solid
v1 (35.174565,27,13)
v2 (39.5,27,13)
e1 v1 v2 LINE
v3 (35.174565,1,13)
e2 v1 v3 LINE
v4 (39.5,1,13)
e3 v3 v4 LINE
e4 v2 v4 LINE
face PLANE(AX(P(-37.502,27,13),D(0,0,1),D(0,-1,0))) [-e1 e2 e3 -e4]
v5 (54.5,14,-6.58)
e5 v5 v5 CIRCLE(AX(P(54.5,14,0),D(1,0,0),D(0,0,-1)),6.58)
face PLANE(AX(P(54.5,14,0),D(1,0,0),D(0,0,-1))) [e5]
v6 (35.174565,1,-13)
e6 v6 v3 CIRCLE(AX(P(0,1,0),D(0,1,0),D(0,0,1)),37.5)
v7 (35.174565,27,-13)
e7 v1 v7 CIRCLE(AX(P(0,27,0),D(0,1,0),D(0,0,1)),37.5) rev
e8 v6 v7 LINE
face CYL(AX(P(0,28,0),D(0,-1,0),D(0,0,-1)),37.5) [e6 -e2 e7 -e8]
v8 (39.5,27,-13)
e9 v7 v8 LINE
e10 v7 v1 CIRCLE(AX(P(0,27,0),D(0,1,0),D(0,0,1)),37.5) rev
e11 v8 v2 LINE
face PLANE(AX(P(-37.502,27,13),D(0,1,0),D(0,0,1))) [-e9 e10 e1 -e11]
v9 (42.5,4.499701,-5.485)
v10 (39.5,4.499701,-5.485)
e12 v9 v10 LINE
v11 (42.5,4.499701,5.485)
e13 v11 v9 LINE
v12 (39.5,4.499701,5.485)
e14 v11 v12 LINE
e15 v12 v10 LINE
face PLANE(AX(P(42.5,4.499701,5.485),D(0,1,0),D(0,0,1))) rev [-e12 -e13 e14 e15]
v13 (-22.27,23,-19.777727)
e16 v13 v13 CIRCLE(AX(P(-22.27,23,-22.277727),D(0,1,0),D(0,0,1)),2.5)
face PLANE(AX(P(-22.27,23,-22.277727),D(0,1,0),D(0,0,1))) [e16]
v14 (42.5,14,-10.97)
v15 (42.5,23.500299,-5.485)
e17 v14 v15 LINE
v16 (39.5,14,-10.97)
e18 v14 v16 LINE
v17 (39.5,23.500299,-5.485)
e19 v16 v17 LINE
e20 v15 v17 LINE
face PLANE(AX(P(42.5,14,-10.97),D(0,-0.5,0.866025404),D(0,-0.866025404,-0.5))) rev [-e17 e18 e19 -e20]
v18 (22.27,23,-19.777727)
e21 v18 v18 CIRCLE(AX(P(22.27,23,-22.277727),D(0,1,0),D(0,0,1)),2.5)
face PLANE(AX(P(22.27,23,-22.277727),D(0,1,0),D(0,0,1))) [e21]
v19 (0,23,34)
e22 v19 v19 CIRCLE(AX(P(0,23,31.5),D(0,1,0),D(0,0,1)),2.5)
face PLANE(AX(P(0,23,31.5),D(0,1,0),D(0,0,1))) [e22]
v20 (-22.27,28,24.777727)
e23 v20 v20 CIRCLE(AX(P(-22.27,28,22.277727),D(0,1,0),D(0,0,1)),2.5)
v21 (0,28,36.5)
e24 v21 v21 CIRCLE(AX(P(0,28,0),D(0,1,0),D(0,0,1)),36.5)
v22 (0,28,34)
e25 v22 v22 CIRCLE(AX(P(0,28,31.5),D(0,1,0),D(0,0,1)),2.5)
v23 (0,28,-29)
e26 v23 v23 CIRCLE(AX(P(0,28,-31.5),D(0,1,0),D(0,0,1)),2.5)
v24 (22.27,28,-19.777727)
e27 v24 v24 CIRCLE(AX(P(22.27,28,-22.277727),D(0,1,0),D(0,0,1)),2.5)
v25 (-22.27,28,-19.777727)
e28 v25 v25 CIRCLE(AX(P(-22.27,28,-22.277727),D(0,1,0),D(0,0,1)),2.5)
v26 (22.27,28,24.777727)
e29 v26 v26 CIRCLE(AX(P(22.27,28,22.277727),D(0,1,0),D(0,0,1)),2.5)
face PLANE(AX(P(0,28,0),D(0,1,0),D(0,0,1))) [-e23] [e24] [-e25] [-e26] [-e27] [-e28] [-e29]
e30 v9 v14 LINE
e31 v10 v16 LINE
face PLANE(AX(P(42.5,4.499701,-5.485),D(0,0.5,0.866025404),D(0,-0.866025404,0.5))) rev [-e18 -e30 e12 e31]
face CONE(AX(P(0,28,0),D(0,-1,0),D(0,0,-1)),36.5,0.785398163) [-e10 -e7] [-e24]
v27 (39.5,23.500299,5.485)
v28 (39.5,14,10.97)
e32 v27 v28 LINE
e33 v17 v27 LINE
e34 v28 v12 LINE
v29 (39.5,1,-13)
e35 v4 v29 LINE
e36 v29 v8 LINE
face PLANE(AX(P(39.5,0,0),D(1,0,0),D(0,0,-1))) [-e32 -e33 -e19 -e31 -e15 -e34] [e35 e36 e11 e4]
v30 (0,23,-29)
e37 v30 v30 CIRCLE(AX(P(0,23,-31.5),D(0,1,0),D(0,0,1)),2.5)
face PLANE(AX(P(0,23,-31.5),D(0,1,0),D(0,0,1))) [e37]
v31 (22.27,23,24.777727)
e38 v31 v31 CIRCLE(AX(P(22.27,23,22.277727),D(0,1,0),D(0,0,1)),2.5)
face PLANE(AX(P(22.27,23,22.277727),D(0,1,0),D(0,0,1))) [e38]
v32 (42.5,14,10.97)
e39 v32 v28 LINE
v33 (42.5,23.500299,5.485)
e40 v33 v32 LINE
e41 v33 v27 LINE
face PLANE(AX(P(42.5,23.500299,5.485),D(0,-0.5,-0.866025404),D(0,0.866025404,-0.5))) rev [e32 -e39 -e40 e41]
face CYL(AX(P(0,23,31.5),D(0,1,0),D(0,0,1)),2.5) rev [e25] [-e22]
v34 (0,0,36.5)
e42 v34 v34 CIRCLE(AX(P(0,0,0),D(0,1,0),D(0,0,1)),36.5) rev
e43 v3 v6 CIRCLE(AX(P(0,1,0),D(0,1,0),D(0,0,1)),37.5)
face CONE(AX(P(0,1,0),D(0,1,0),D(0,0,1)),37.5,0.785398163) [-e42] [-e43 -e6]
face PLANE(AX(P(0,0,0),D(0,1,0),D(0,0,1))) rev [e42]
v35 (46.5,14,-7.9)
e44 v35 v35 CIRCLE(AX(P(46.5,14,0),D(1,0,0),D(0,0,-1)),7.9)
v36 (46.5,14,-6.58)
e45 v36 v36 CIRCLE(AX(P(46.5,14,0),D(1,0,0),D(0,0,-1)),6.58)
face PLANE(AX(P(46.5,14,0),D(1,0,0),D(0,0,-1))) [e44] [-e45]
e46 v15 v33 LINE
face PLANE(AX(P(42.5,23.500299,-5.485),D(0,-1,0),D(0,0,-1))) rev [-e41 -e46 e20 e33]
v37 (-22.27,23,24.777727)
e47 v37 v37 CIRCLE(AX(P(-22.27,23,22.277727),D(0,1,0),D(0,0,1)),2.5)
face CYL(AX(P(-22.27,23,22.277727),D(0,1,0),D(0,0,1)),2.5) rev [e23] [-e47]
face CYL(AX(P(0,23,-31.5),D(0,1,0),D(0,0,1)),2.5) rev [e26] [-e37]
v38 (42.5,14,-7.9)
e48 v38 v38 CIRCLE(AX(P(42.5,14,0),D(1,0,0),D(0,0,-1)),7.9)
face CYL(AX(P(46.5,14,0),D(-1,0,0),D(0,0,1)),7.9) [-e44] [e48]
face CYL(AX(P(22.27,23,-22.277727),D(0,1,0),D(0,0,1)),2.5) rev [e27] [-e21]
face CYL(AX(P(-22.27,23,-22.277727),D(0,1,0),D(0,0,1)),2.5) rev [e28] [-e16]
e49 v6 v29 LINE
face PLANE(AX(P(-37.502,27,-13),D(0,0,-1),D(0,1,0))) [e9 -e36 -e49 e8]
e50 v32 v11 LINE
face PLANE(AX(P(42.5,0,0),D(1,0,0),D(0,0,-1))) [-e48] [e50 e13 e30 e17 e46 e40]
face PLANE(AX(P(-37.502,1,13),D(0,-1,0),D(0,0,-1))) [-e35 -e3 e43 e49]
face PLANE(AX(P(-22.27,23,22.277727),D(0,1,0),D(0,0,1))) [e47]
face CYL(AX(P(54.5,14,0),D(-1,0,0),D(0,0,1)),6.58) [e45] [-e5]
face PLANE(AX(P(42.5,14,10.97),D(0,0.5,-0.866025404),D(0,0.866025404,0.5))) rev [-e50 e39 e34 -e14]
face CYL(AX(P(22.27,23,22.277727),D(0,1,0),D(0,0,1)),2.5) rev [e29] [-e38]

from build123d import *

# Parameters (mm, degrees)
SKETCH1_R           = 37.5
BOSS_EXTRUDE1_DEPTH = 28
CHAMFER1_SIZE       = 1
BOSS_EXTRUDE2_REACH = 92.107
SKETCH2_W           = 26
SKETCH2_H           = 26
BOSS_EXTRUDE3_DEPTH = 3
SKETCH4_R           = 7.9
BOSS_EXTRUDE4_DEPTH = 4
SKETCH5_R           = 6.58
BOSS_EXTRUDE5_DEPTH = 8
SKETCH6_R           = 2.5
CUT_EXTRUDE1_DEPTH  = 5


with BuildPart() as part:
    # Sketch1 → Boss-Extrude1 (new body)
    with BuildSketch(Plane(origin=(0, 0, 0), x_dir=(1, 0, 0), z_dir=(0, 1, 0))):
        with Locations(Location((0, 0, 0), (0, 0, 270))):
            Circle(SKETCH1_R)
    extrude(amount=BOSS_EXTRUDE1_DEPTH)

    # Chamfer1
    chamfer1_edges = [part.edges().sort_by_distance(p)[0] for p in [
        (0, 0, -37.5),
        (0, 28, -37.5),
    ]]
    chamfer(chamfer1_edges, length=CHAMFER1_SIZE)

    # Sketch2 → Boss-Extrude2 (add, up to next)
    with BuildSketch(Plane(origin=(39.5, 0, 0), x_dir=(0, 0, -1), z_dir=(1, 0, 0)), mode=Mode.PRIVATE) as boss_extrude2_sk1:
        with Locations((0, 14)):
            Rectangle(SKETCH2_W, SKETCH2_H)
    boss_extrude2_tool1 = extrude(boss_extrude2_sk1.sketch, amount=-BOSS_EXTRUDE2_REACH, mode=Mode.PRIVATE) - part.part
    add(boss_extrude2_tool1.solids().sort_by_distance((39.5, 14, 0))[0])

    # Sketch3 → Boss-Extrude3 (add)
    with BuildSketch(Plane(origin=(39.5, 0, 0), x_dir=(0, 0, -1), z_dir=(1, 0, 0))):
        Polygon((10.97, 14), (5.485, 23.50029868), (-5.485, 23.50029868), (-10.97, 14), (-5.485, 4.49970132), (5.485, 4.49970132), align=None)
    extrude(amount=BOSS_EXTRUDE3_DEPTH)

    # Sketch4 → Boss-Extrude4 (add)
    with BuildSketch(Plane(origin=(42.5, 0, 0), x_dir=(0, 0, -1), z_dir=(1, 0, 0))):
        with Locations((0, 14)):
            Circle(SKETCH4_R)
    extrude(amount=BOSS_EXTRUDE4_DEPTH)

    # Sketch5 → Boss-Extrude5 (add)
    with BuildSketch(Plane(origin=(46.5, 0, 0), x_dir=(0, 0, -1), z_dir=(1, 0, 0))):
        with Locations((0, 14)):
            Circle(SKETCH5_R)
    extrude(amount=BOSS_EXTRUDE5_DEPTH)

    # Sketch6 → Cut-Extrude1 (cut)
    with BuildSketch(Plane(origin=(0, 28, 0), x_dir=(1, 0, 0), z_dir=(0, 1, 0))):
        with Locations(Location((0, 31.5, 0), (0, 0, 270))):
            Circle(SKETCH6_R)
        with Locations(Location((0, -31.5, 0), (0, 0, 270))):
            Circle(SKETCH6_R)
        with Locations(Location((22.27, -22.277726545, 0), (0, 0, 270))):
            Circle(SKETCH6_R)
        with Locations(Location((-22.27, -22.277726545, 0), (0, 0, 270))):
            Circle(SKETCH6_R)
        with Locations(Location((-22.27, 22.277726545, 0), (0, 0, 270))):
            Circle(SKETCH6_R)
        with Locations(Location((22.27, 22.277726545, 0), (0, 0, 270))):
            Circle(SKETCH6_R)
    extrude(amount=-CUT_EXTRUDE1_DEPTH, mode=Mode.SUBTRACT)


solid = part.part
